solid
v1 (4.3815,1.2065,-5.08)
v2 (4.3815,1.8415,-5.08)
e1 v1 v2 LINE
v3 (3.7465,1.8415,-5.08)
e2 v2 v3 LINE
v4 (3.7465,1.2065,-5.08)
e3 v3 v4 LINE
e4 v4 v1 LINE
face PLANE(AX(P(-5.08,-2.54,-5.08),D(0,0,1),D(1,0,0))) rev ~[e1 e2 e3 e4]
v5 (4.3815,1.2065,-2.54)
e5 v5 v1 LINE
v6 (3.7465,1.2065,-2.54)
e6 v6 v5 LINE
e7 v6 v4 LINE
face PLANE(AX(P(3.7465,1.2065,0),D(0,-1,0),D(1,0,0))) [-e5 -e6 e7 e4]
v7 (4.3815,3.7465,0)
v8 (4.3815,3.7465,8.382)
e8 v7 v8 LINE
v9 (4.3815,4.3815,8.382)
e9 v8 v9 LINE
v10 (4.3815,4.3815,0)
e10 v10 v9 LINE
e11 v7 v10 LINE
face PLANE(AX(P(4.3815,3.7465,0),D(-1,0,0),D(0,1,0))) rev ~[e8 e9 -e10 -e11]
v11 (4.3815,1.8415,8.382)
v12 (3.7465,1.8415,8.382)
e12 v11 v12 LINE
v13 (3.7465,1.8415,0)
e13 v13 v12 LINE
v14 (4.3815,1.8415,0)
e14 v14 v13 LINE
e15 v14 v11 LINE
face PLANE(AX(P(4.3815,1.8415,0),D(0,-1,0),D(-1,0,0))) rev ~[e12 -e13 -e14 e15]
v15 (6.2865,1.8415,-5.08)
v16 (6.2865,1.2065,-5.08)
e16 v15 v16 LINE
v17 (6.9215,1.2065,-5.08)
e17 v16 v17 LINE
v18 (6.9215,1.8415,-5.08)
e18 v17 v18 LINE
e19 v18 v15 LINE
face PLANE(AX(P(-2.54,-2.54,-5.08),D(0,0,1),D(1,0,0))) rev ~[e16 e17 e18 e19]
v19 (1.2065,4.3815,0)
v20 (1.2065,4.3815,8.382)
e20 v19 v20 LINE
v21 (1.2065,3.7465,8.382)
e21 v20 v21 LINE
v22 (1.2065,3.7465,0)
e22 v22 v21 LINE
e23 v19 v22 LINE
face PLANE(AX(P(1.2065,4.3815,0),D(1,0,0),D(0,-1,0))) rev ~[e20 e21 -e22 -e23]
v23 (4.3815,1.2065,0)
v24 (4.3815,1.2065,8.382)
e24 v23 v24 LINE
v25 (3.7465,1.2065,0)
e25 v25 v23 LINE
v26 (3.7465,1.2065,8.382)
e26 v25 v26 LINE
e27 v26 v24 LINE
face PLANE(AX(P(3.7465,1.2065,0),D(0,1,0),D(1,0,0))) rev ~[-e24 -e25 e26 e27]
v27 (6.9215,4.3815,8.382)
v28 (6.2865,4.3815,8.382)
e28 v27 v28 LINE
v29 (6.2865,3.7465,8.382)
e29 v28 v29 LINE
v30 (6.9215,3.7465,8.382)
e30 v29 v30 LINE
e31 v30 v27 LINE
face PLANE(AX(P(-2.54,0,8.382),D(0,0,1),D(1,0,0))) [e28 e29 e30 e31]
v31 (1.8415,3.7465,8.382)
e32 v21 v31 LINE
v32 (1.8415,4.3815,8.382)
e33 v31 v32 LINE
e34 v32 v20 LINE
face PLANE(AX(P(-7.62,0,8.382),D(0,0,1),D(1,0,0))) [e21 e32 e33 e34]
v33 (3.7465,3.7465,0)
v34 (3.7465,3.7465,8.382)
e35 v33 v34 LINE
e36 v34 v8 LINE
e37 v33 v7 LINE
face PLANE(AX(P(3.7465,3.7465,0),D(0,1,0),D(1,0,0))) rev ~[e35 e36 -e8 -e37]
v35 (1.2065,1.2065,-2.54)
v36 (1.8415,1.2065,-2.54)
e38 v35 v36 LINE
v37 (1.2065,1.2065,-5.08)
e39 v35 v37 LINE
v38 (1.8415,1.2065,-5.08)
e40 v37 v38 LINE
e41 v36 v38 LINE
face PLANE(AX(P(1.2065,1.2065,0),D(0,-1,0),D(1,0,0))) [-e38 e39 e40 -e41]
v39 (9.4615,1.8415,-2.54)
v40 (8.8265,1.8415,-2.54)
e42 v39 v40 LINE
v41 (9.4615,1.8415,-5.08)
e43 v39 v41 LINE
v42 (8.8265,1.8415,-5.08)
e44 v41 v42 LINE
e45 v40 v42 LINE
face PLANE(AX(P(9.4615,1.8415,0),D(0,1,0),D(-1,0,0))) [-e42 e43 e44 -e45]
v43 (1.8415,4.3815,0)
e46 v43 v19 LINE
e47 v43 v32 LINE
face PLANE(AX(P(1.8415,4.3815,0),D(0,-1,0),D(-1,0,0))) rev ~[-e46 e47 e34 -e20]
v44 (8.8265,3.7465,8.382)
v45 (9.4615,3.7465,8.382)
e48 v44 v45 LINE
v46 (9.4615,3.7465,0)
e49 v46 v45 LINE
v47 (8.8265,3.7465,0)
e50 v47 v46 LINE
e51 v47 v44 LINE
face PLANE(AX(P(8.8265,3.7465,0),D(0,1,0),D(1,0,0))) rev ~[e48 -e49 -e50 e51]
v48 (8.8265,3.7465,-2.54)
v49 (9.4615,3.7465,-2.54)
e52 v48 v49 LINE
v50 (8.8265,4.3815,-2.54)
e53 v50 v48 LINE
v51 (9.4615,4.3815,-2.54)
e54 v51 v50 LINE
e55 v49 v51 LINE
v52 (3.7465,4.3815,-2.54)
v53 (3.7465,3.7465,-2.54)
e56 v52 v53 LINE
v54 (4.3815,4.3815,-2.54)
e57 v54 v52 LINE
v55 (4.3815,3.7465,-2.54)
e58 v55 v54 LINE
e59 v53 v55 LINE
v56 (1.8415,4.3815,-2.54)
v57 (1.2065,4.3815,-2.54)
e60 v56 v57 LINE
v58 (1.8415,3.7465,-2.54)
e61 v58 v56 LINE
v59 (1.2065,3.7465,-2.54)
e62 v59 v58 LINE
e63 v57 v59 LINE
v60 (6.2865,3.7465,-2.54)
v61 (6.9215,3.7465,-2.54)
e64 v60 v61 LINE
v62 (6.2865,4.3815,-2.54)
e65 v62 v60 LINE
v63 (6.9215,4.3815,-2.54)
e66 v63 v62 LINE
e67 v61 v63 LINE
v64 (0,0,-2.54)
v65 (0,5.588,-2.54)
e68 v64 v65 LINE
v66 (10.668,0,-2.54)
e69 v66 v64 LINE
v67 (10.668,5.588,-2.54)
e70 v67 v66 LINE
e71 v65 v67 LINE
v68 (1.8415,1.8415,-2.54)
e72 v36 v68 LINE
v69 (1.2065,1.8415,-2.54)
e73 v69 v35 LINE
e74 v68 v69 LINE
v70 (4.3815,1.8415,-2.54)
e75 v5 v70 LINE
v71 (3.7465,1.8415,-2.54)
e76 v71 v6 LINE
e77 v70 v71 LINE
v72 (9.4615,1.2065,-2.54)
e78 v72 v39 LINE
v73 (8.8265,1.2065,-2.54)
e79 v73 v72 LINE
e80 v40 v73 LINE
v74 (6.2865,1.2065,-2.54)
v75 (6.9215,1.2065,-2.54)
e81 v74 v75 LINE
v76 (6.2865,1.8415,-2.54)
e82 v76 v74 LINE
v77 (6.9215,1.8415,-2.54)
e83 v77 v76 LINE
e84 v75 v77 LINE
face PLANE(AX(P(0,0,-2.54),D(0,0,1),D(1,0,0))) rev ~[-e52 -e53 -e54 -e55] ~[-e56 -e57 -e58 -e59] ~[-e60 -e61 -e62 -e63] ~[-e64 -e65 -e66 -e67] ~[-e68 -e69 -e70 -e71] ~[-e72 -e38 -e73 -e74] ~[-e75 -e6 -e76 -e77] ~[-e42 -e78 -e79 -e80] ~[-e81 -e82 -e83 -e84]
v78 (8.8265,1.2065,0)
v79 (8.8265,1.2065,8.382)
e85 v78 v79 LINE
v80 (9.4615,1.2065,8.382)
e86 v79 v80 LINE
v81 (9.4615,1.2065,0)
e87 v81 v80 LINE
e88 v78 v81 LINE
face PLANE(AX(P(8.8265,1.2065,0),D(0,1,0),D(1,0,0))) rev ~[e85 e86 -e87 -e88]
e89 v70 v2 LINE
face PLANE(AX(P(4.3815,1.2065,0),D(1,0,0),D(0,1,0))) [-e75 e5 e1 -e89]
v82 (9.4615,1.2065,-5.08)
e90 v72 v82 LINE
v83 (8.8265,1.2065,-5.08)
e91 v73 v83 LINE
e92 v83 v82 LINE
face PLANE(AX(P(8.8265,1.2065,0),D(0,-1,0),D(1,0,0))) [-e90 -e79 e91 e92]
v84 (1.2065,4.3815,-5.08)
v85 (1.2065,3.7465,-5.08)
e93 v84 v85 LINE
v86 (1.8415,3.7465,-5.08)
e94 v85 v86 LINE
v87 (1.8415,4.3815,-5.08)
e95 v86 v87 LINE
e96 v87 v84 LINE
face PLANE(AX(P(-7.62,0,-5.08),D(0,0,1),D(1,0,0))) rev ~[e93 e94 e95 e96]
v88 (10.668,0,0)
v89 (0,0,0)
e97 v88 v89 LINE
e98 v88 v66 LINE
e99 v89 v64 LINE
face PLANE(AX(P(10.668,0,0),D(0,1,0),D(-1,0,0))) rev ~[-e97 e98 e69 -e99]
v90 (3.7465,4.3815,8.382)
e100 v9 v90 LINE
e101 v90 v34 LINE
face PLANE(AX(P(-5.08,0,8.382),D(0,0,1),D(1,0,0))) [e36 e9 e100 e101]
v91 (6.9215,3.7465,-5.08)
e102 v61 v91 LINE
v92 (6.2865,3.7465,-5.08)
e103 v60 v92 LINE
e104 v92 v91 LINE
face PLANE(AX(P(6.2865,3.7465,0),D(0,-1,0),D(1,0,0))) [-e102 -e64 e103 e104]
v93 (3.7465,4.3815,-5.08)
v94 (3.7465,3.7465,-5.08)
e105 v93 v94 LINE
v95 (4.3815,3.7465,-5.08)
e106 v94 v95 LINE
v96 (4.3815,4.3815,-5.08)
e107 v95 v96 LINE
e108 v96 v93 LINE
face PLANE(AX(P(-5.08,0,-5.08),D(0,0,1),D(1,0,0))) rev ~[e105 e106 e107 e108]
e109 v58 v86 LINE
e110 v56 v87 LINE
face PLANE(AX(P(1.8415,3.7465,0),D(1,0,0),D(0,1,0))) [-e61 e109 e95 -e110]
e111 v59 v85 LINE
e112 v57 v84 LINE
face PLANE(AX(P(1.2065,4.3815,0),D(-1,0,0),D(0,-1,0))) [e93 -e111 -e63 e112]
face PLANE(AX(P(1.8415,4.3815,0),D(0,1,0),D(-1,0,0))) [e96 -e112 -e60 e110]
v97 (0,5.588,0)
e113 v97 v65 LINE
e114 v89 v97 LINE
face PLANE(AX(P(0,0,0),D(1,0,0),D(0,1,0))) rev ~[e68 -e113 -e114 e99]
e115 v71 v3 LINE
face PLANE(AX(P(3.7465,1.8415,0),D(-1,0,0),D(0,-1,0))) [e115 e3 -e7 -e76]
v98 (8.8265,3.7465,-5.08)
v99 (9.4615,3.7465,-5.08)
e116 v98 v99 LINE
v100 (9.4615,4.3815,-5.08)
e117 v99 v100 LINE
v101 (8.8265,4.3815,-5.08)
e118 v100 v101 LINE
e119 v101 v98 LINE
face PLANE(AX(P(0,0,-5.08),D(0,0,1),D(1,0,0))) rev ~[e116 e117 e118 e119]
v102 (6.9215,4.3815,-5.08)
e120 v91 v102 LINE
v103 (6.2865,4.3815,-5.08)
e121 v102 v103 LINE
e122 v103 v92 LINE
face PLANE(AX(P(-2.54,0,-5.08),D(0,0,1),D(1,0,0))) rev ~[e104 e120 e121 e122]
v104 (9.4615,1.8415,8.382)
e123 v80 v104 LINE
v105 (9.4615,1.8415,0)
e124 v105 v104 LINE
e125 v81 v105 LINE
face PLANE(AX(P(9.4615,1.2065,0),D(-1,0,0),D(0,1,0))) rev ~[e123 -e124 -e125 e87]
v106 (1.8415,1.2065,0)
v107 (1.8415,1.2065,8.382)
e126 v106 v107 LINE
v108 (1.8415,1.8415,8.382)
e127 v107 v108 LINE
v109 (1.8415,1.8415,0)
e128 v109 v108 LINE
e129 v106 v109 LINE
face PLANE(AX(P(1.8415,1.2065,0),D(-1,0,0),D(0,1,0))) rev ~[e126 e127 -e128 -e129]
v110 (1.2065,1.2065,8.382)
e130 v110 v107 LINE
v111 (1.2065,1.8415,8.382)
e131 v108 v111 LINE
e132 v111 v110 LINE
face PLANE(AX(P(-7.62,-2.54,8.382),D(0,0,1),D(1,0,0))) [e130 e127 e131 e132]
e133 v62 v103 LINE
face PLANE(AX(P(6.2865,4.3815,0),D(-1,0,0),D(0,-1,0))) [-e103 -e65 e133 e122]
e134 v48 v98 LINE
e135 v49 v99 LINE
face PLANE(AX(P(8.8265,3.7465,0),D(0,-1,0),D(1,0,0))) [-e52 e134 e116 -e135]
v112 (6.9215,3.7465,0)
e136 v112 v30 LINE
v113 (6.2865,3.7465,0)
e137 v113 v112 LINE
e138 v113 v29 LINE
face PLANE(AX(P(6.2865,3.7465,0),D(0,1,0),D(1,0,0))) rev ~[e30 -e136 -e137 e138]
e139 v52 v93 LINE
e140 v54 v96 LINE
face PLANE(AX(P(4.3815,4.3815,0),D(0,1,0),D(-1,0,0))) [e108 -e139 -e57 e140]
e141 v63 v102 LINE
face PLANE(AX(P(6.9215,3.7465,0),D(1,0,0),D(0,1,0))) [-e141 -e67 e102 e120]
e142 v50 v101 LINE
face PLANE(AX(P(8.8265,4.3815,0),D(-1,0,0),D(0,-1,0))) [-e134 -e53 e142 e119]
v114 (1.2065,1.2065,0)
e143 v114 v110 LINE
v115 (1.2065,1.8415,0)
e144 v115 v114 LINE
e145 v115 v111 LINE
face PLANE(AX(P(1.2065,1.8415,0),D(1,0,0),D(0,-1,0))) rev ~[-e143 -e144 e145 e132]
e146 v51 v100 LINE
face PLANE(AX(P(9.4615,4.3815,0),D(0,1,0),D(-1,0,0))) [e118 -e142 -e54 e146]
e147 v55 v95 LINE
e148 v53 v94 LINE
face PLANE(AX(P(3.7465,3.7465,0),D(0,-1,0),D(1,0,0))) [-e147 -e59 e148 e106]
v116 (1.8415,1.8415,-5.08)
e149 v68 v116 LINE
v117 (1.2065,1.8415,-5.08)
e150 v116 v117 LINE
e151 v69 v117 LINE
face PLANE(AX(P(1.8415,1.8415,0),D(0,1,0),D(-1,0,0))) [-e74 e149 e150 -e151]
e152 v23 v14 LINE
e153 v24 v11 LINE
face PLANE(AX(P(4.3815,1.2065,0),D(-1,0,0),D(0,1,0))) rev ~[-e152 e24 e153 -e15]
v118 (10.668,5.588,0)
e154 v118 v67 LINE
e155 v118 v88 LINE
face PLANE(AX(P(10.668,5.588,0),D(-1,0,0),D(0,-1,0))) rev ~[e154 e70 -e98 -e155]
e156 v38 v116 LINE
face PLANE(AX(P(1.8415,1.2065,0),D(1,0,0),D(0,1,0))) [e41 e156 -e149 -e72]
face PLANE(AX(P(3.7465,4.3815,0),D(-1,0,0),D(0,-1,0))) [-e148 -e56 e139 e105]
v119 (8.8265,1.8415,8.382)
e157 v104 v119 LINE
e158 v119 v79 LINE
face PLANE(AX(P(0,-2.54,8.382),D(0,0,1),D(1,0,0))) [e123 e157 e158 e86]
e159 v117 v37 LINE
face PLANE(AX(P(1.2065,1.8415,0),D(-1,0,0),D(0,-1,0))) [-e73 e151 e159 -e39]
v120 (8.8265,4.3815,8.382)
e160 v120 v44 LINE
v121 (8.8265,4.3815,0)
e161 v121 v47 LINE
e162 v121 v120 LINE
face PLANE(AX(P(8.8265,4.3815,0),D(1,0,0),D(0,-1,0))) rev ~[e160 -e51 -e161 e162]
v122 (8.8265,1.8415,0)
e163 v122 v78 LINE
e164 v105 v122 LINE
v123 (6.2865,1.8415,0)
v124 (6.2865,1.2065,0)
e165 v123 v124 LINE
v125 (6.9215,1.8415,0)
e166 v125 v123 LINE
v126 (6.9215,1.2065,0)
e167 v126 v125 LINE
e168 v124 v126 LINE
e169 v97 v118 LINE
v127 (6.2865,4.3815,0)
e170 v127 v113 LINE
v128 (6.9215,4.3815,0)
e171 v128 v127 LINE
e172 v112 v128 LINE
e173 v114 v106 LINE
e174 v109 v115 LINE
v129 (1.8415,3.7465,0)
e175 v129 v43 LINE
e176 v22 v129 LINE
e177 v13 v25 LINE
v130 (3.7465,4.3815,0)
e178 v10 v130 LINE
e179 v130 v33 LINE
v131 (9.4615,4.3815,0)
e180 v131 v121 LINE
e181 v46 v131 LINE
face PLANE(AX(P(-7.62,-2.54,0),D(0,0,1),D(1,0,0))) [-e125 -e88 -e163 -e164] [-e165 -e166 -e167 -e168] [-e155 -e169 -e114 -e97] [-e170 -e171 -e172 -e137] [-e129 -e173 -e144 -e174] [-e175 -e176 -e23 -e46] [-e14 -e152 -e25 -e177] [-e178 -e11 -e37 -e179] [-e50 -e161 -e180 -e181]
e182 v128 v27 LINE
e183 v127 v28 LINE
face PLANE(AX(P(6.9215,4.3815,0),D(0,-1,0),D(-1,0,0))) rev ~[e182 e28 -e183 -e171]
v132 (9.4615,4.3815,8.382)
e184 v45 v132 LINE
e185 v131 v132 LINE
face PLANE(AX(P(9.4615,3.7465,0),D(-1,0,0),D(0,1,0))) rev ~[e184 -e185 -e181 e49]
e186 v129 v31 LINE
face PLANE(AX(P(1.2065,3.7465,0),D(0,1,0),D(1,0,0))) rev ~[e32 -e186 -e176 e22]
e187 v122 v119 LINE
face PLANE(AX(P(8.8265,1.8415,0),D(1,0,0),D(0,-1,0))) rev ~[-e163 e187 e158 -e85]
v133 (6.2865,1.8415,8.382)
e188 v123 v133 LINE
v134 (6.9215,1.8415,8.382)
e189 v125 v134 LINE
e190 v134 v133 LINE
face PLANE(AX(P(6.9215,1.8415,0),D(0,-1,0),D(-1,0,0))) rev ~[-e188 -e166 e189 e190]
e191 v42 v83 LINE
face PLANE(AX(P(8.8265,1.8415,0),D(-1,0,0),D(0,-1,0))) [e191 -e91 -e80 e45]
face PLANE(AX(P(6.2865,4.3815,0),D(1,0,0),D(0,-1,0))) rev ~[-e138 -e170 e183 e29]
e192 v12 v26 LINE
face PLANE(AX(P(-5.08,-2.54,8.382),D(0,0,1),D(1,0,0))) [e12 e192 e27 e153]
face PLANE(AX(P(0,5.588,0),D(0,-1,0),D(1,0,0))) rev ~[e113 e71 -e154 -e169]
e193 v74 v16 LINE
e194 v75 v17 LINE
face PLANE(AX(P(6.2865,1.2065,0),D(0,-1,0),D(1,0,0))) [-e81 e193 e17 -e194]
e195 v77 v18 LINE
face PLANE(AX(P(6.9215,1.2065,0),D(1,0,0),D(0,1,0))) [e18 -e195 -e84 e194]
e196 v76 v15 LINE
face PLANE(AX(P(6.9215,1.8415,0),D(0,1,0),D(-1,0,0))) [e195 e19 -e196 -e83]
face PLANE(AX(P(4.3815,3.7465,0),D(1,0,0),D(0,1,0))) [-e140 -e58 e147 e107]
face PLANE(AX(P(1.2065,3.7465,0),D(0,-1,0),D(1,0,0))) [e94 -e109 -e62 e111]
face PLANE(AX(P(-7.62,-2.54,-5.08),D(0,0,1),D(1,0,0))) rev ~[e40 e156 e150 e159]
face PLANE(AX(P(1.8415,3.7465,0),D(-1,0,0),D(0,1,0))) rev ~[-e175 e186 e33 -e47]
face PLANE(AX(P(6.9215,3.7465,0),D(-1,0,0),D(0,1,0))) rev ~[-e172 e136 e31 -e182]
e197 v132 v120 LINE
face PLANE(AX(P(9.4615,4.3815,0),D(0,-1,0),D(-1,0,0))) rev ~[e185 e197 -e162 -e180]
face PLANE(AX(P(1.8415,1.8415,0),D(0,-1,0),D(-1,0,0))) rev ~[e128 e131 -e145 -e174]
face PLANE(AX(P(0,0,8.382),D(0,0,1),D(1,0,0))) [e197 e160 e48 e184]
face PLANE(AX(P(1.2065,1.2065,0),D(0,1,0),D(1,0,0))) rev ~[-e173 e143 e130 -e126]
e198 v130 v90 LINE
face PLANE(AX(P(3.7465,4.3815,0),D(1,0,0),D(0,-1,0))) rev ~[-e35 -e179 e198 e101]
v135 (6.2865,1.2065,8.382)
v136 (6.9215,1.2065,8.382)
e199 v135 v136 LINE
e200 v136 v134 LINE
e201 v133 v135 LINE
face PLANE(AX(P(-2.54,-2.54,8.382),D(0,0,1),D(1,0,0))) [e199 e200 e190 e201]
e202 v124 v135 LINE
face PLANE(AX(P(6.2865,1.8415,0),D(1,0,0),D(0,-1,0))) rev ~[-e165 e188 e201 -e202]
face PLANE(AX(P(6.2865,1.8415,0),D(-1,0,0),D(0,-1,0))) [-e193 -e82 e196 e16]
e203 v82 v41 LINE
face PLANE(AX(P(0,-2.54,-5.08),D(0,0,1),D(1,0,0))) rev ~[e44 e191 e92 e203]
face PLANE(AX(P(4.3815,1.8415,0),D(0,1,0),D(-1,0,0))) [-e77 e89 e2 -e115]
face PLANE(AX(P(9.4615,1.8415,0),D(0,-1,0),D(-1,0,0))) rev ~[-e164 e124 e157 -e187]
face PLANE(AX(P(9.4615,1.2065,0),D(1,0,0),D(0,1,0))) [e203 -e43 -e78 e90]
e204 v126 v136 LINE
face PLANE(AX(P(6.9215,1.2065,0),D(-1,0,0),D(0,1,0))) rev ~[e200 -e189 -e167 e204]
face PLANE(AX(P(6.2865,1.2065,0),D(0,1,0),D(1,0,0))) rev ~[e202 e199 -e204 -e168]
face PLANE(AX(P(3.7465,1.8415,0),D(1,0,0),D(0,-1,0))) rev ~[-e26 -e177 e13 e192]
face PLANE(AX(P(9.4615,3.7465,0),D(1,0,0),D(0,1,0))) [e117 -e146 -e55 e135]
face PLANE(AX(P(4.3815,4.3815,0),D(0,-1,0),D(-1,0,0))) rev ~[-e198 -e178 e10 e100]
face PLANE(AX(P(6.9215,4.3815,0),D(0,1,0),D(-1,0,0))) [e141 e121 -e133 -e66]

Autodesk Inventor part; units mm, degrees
ref_plane "YZ Plane" through (0, 0, 0) normal (1, 0, 0) x (0, 1, 0)
ref_plane "XZ Plane" through (0, 0, 0) normal (0, 1, 0) x (-1, 0, 0)
ref_plane "XY Plane" through (0, 0, 0) normal (0, 0, 1) x (1, 0, 0)
sketch "Sketch1" plane through (0, 0, 0) normal (0, 0, 1) x (1, 0, 0)
  line L0 (0, 5.588) -> (10.668, 5.588)
  line L1 (10.668, 5.588) -> (10.668, 0)
  line L2 (10.668, 0) -> (0, 0)
  line L3 (0, 0) -> (0, 5.588)
  line L4 (9.4615, 4.3815) -> (8.8265, 4.3815)
  line L5 (9.4615, 3.7465) -> (9.4615, 4.3815)
  line L6 (8.8265, 3.7465) -> (9.4615, 3.7465)
  line L7 (8.8265, 4.3815) -> (8.8265, 3.7465)
extrude "Extrusion1" add sketch "Sketch1" against normal blind 2.54
extrude "Extrusion2" add sketch "Sketch1" along normal blind 8.382 contours L5 L6 L7 L4
extrude "Extrusion3" add sketch "Sketch1" against normal blind 5.08 contours L5 L6 L7 L4
pattern_linear "Rectangular Pattern1" count 4 spacing 2.54 along (-1, 0, 0) count 2 spacing 2.54 along (0, -1, 0) of "Extrusion3", "Extrusion2"
properties part number "J23"
